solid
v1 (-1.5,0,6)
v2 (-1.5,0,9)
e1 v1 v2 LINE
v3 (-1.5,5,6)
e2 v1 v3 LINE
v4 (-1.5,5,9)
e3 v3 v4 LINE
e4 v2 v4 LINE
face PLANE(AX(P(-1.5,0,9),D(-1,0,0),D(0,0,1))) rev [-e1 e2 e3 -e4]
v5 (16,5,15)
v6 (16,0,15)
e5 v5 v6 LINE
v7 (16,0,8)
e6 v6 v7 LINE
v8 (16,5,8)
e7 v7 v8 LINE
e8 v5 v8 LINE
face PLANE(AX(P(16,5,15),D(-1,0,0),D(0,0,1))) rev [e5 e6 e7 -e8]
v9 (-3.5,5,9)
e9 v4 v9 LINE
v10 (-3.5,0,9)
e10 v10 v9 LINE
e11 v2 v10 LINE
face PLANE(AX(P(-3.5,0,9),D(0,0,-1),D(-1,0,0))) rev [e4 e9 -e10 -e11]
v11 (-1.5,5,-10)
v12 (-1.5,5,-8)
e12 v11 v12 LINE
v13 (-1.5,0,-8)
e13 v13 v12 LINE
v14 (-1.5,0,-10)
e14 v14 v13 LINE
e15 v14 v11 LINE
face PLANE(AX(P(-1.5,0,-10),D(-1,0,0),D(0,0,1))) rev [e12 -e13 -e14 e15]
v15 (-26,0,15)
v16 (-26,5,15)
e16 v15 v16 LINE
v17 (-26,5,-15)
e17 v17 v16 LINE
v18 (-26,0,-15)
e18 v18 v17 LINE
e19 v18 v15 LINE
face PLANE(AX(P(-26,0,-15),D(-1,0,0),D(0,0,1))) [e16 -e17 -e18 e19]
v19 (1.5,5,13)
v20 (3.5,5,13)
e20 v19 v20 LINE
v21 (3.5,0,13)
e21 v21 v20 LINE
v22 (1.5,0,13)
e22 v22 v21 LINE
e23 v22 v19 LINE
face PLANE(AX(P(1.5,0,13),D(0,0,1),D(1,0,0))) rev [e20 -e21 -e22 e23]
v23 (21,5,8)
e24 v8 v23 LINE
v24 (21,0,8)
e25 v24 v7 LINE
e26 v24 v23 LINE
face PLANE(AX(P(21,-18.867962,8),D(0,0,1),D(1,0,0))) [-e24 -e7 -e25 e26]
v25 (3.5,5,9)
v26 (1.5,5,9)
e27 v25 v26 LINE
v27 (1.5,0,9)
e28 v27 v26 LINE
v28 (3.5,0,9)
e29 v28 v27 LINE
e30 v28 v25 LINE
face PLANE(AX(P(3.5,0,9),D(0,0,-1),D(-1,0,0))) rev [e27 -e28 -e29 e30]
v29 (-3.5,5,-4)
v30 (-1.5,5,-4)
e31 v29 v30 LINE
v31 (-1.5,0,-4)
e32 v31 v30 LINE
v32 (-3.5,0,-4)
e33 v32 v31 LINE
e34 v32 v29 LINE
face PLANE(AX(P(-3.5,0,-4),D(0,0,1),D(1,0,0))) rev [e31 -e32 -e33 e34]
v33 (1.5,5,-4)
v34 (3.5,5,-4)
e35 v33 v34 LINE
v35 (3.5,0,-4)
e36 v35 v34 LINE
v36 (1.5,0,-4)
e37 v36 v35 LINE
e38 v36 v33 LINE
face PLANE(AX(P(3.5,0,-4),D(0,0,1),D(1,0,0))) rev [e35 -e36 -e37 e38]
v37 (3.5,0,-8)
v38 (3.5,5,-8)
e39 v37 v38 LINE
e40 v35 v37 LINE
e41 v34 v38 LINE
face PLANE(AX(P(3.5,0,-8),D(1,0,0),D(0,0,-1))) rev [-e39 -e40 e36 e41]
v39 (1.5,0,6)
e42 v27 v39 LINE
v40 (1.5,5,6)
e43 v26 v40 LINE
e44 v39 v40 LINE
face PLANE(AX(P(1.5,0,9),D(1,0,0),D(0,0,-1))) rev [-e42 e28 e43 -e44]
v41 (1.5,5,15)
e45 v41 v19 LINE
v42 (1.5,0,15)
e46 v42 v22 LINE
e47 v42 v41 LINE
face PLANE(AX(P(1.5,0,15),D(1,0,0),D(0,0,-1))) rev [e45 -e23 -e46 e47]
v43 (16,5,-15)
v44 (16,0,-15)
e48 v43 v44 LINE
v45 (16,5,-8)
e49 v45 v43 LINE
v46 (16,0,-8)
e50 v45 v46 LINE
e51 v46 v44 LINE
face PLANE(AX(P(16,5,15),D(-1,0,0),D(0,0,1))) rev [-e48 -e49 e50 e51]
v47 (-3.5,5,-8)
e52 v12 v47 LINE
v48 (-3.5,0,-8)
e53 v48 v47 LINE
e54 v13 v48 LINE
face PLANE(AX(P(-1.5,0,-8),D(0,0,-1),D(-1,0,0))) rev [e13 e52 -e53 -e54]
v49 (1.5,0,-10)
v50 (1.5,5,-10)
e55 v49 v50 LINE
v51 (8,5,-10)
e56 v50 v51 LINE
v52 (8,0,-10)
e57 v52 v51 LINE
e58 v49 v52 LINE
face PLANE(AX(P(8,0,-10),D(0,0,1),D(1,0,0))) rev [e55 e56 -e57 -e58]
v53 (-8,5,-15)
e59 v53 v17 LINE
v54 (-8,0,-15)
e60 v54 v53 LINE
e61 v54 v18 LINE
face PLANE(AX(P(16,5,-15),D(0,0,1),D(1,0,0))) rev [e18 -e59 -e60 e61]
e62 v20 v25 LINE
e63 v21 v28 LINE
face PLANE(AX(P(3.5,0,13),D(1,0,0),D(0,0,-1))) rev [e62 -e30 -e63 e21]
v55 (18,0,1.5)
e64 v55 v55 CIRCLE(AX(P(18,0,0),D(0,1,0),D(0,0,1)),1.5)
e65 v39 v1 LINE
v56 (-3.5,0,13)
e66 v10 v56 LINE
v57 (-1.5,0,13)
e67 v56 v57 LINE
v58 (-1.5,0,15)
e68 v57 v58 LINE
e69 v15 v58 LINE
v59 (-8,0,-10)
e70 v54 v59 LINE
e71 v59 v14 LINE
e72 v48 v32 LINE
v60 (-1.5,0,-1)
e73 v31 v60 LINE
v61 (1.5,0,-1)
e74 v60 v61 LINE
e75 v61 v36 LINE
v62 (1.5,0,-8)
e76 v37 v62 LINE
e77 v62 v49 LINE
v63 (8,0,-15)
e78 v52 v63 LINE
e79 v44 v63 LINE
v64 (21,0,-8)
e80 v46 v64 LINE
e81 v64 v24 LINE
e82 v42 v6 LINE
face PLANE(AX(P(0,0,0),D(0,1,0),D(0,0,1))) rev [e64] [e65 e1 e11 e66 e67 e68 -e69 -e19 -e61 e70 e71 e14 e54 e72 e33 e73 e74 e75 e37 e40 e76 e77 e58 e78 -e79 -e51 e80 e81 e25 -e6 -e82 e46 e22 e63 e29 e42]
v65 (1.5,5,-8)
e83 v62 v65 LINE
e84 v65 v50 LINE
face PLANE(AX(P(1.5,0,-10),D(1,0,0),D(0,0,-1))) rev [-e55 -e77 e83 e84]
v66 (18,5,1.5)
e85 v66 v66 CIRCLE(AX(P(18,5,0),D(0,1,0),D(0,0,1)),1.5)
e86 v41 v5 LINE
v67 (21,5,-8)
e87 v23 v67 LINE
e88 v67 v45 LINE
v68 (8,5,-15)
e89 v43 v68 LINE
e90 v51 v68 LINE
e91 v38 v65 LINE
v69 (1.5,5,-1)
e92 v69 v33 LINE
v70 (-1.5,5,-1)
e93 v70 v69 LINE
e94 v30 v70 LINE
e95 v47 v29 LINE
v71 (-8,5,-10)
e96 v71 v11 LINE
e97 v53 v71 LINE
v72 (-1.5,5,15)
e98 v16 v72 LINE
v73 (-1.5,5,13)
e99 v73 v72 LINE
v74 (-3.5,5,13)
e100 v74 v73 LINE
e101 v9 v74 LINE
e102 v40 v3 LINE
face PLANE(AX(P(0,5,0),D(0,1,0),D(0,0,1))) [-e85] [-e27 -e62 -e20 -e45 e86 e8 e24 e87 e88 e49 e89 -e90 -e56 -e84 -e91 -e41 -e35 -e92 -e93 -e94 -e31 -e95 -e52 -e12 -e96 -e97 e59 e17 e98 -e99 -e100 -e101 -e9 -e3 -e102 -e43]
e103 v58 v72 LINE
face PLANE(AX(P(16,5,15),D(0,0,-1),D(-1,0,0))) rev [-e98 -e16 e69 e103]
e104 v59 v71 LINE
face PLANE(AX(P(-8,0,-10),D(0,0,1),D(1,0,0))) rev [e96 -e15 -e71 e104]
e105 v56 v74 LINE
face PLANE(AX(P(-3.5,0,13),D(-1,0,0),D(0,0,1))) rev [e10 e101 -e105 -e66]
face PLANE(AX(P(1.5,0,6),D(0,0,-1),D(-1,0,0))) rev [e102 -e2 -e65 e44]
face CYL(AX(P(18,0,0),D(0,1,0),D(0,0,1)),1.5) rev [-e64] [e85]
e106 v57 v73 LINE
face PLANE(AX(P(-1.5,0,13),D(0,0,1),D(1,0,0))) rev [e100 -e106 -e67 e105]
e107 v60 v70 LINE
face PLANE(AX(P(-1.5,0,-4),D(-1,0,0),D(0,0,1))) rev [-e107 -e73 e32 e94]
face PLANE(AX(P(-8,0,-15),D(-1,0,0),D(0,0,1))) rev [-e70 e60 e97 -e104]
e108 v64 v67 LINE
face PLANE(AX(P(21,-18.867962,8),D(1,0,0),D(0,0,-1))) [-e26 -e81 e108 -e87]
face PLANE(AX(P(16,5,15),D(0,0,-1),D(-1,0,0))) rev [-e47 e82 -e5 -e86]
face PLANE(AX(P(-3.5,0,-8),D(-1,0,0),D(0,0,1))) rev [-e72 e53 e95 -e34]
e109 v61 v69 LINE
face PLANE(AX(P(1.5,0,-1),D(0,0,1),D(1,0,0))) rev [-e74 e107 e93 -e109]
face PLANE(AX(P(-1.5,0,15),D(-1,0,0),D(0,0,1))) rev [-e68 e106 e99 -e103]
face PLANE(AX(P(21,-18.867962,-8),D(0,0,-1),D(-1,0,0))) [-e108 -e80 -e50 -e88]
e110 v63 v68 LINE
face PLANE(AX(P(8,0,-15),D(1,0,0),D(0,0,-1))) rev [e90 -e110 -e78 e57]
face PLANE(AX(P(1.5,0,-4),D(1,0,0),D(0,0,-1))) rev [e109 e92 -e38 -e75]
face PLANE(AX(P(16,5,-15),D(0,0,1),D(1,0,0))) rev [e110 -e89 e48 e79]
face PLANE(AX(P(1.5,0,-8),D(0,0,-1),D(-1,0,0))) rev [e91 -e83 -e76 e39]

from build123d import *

# Parameters (mm, degrees)
CROQUIS1_W              = 32
CROQUIS1_H              = 30
SALIENTE_EXTRUIR1_DEPTH = 5
CORTAR_EXTRUIR1_DEPTH   = 23.494443758
CORTAR_EXTRUIR2_DEPTH   = 23.494443758
CROQUIS4_W              = 10
CROQUIS4_H              = 16
SALIENTE_EXTRUIR2_DEPTH = 5
CROQUIS5_R              = 1.5
CORTAR_EXTRUIR3_DEPTH   = 27.286878856
CROQUIS6_W              = 10
CROQUIS6_H              = 30
SALIENTE_EXTRUIR3_DEPTH = 5


with BuildPart() as part:
    # Croquis1 → Saliente-Extruir1 (new body)
    with BuildSketch(Plane(origin=(0, 0, 0), x_dir=(1, 0, 0), z_dir=(0, 1, 0))):
        Rectangle(CROQUIS1_W, CROQUIS1_H)
    extrude(amount=SALIENTE_EXTRUIR1_DEPTH)

    # Croquis2 → Cortar-Extruir1 (cut, through all)
    with BuildSketch(Plane(origin=(0, 5, 0), x_dir=(1, 0, 0), z_dir=(0, 1, 0))):
        Polygon((-8, 15), (8, 15), (8, 10), (1.5, 10), (1.5, 8), (3.5, 8), (3.5, 4), (1.5, 4), (1.5, 1), (-1.5, 1), (-1.5, 4), (-3.5, 4), (-3.5, 8), (-1.5, 8), (-1.5, 10), (-8, 10), align=None)
    extrude(amount=-CORTAR_EXTRUIR1_DEPTH, mode=Mode.SUBTRACT)

    # Croquis3 → Cortar-Extruir2 (cut, through all)
    with BuildSketch(Plane(origin=(0, 5, 0), x_dir=(1, 0, 0), z_dir=(0, 1, 0))):
        Polygon((1.5, -15), (1.5, -13), (3.5, -13), (3.5, -9), (1.5, -9), (1.5, -6), (-1.5, -6), (-1.5, -9), (-3.5, -9), (-3.5, -13), (-1.5, -13), (-1.5, -15), align=None)
    extrude(amount=-CORTAR_EXTRUIR2_DEPTH, mode=Mode.SUBTRACT)

    # Croquis4 → Saliente-Extruir2 (add)
    with BuildSketch(Plane(origin=(0, 5, 0), x_dir=(1, 0, 0), z_dir=(0, 1, 0))):
        with Locations((16, 0)):
            Rectangle(CROQUIS4_W, CROQUIS4_H)
    extrude(amount=-SALIENTE_EXTRUIR2_DEPTH)

    # Croquis5 → Cortar-Extruir3 (cut, through all)
    with BuildSketch(Plane(origin=(0, 5, 0), x_dir=(1, 0, 0), z_dir=(0, 1, 0))):
        with Locations(Location((18, 0, 0), (0, 0, 270))):
            Circle(CROQUIS5_R)
    extrude(amount=-CORTAR_EXTRUIR3_DEPTH, mode=Mode.SUBTRACT)

    # Croquis6 → Saliente-Extruir3 (add)
    with BuildSketch(Plane(origin=(0, 5, 0), x_dir=(1, 0, 0), z_dir=(0, 1, 0))):
        with Locations((-21, 0)):
            Rectangle(CROQUIS6_W, CROQUIS6_H)
    extrude(amount=-SALIENTE_EXTRUIR3_DEPTH)


solid = part.part
